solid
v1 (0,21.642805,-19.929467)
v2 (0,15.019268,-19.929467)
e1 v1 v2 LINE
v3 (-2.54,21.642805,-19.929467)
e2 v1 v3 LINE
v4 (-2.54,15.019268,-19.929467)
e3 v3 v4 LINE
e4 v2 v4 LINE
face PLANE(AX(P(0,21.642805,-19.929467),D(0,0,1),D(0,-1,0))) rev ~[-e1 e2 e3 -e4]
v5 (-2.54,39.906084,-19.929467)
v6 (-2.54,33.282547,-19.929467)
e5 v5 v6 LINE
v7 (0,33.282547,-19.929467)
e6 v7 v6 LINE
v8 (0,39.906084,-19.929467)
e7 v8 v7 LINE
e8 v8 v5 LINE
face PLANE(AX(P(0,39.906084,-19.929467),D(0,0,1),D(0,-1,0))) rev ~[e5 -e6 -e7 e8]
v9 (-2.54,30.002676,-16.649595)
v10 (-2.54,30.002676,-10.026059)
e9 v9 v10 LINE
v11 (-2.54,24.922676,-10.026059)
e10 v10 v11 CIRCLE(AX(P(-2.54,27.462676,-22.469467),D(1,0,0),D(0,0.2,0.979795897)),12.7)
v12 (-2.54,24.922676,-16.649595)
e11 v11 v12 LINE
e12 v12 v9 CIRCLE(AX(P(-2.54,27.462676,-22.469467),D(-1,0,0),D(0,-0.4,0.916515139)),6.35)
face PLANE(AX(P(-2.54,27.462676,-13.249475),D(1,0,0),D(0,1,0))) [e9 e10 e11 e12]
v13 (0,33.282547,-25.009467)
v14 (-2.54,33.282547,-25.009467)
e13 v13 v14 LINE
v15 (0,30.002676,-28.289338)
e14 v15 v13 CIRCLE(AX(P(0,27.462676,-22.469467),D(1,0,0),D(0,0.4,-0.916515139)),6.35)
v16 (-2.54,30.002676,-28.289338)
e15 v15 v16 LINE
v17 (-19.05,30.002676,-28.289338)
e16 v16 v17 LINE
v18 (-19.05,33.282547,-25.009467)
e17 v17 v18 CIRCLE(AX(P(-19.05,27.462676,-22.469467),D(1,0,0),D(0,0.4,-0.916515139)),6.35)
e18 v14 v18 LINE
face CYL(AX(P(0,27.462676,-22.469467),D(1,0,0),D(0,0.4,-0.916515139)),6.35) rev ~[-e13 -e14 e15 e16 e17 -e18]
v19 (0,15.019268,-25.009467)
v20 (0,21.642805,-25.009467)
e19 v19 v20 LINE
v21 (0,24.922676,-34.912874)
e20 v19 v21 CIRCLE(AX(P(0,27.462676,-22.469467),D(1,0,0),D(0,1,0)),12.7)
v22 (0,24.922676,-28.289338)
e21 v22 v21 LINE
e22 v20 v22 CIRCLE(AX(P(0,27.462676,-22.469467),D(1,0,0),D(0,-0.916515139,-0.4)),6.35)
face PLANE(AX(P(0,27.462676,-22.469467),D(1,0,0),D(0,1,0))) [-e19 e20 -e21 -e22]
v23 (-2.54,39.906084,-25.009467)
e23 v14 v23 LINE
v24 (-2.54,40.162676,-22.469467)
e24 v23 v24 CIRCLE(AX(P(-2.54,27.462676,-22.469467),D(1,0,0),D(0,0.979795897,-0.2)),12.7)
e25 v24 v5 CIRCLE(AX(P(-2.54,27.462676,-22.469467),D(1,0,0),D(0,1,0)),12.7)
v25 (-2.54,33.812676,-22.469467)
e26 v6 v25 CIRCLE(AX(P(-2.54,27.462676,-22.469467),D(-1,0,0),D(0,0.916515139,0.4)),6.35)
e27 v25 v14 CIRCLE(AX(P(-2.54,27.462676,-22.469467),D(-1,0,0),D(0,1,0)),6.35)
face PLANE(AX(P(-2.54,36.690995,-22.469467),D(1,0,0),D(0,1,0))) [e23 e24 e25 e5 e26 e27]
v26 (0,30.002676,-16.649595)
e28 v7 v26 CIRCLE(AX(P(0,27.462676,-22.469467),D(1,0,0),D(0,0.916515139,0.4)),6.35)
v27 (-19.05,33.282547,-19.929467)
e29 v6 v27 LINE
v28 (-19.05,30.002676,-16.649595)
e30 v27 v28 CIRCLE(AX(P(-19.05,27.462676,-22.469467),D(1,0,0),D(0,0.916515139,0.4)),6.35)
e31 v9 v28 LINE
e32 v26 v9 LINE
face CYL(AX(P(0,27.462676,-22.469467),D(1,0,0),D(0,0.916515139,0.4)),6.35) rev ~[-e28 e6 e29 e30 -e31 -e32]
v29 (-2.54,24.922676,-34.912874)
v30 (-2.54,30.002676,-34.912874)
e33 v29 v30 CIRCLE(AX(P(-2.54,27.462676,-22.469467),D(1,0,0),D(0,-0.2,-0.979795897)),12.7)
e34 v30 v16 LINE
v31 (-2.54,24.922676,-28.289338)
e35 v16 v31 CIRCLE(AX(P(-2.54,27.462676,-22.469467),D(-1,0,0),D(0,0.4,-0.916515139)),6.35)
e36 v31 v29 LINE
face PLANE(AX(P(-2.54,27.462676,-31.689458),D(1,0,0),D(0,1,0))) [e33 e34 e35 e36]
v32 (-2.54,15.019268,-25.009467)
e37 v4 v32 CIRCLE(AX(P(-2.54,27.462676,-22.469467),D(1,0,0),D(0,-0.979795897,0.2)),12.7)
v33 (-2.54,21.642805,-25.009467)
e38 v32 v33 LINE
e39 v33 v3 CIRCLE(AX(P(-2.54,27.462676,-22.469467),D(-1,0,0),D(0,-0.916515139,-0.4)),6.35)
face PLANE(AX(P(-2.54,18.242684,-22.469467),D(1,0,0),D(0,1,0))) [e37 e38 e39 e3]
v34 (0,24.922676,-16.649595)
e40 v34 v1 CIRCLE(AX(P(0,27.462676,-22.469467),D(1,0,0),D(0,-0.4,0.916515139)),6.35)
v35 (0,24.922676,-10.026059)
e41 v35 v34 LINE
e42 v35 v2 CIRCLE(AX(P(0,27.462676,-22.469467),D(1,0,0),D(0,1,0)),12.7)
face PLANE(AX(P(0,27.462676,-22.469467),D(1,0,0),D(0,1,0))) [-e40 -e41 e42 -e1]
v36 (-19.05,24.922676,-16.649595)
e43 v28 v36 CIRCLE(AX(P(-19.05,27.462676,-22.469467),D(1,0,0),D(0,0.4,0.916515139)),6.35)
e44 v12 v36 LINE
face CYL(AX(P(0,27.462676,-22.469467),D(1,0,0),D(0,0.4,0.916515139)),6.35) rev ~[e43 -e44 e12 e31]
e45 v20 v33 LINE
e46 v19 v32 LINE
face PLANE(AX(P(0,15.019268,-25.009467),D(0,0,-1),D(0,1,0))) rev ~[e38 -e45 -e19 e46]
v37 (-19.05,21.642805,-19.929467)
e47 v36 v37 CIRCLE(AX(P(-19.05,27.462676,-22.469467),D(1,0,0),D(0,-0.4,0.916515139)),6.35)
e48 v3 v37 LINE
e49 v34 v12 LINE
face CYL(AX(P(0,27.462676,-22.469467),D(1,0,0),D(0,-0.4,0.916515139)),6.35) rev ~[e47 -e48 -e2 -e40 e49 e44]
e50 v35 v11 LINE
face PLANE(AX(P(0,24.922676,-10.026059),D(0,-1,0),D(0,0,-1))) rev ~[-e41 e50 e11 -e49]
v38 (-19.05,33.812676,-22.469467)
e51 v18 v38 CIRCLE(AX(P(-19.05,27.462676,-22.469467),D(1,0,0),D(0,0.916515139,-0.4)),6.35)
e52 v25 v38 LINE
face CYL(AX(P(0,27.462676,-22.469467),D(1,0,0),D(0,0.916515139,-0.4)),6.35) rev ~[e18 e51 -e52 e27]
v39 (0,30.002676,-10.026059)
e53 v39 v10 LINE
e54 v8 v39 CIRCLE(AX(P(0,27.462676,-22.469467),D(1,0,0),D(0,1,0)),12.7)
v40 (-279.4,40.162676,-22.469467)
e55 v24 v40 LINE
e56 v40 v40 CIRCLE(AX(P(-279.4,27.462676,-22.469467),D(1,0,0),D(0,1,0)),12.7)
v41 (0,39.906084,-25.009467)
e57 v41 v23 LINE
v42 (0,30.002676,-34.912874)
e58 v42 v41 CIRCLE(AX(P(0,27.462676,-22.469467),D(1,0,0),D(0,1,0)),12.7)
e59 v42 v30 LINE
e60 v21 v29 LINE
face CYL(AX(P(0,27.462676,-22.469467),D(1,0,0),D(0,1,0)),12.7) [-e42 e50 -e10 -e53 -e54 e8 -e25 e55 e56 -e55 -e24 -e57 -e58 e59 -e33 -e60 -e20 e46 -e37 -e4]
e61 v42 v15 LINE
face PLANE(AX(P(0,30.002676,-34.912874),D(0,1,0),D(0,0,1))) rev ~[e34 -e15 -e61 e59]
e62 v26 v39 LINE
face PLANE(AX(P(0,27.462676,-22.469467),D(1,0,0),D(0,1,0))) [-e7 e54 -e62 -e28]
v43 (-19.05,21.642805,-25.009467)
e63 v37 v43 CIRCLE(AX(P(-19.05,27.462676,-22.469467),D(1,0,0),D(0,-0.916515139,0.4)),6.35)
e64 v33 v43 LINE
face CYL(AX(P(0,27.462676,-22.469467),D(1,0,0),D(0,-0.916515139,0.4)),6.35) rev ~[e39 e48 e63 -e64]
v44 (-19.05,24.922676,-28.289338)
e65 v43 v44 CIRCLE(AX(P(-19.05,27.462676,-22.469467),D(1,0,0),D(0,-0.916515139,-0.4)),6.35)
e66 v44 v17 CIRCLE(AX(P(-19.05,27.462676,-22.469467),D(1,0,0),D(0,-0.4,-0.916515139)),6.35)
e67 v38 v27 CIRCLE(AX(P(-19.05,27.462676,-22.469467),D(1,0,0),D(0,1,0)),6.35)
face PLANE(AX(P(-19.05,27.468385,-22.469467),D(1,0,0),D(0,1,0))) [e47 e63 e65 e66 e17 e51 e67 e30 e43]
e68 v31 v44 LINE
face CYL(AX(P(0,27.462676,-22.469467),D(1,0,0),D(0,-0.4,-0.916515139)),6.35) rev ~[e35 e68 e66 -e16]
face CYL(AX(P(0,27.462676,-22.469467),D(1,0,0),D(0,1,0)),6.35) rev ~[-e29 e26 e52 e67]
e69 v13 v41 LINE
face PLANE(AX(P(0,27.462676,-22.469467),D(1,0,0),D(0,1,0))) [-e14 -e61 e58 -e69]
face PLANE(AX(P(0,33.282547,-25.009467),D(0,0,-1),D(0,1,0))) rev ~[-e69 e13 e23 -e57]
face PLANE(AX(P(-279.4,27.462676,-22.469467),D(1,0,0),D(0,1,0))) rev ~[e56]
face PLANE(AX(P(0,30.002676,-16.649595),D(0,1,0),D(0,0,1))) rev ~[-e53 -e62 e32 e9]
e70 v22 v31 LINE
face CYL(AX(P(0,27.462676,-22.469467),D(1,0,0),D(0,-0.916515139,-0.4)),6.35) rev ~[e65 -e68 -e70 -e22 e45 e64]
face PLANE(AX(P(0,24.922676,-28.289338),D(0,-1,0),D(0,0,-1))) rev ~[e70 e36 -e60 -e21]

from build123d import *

# Parameters (mm, degrees)
F0_R     = 12.7
F1_DEPTH = 279.4
F3_DEPTH = 19.05
F4_DEPTH = 2.54


with BuildPart() as f1:
    # F0 (on Right) → F1 (new body)
    with BuildSketch(Plane.YZ):
        with Locations((27.4626761675, -22.4694665521)):
            Circle(F0_R)
    extrude(amount=-F1_DEPTH)

    # F2 (on face) → F3 (cut)
    with BuildSketch(Plane.YZ):
        with BuildLine():
            ThreePointArc((24.9226761675, -28.2893376847), (27.4626761675, -28.8194665521), (30.0026761675, -28.2893376847))
            ThreePointArc((30.0026761675, -28.2893376847), (31.952804228, -26.9595946127), (33.2825473001, -25.0094665521))
            ThreePointArc((33.2825473001, -25.0094665521), (33.6787312546, -23.7668327896), (33.8126761675, -22.4694665521))
            ThreePointArc((33.8126761675, -22.4694665521), (33.6787312546, -21.1721003147), (33.2825473001, -19.9294665521))
            ThreePointArc((33.2825473001, -19.9294665521), (31.952804228, -17.9793384916), (30.0026761675, -16.6495954195))
            ThreePointArc((30.0026761675, -16.6495954195), (27.4626761675, -16.1194665521), (24.9226761675, -16.6495954195))
            ThreePointArc((24.9226761675, -16.6495954195), (22.972548107, -17.9793384916), (21.6428050349, -19.9294665521))
            ThreePointArc((21.6428050349, -19.9294665521), (21.1126761675, -22.4694665521), (21.6428050349, -25.0094665521))
            ThreePointArc((21.6428050349, -25.0094665521), (22.972548107, -26.9595946127), (24.9226761675, -28.2893376847))
        make_face()
    extrude(amount=-F3_DEPTH, mode=Mode.SUBTRACT)

    # F2 (on face) → F4 (cut)
    with BuildSketch(Plane.YZ):
        with BuildLine():
            Line((15.0192682741, -25.0094665521), (21.6428050349, -25.0094665521))
            ThreePointArc((21.6428050349, -25.0094665521), (21.1126761675, -22.4694665521), (21.6428050349, -19.9294665521))
            Line((21.6428050349, -19.9294665521), (15.0192682741, -19.9294665521))
            ThreePointArc((15.0192682741, -19.9294665521), (14.7626761675, -22.4694665521), (15.0192682741, -25.0094665521))
        make_face()
        with BuildLine():
            Line((24.9226761675, -10.0260586588), (24.9226761675, -16.6495954195))
            ThreePointArc((24.9226761675, -16.6495954195), (27.4626761675, -16.1194665521), (30.0026761675, -16.6495954195))
            Line((30.0026761675, -16.6495954195), (30.0026761675, -10.0260586588))
            ThreePointArc((30.0026761675, -10.0260586588), (27.4626761675, -9.7694665521), (24.9226761675, -10.0260586588))
        make_face()
        with BuildLine():
            ThreePointArc((33.8126761675, -22.4694665521), (33.6787312546, -23.7668327896), (33.2825473001, -25.0094665521))
            Line((33.2825473001, -25.0094665521), (39.9060840608, -25.0094665521))
            ThreePointArc((39.9060840608, -25.0094665521), (40.0983653107, -23.7459303696), (40.1626761675, -22.4694665521))
            ThreePointArc((40.1626761675, -22.4694665521), (40.0983653107, -21.1930027347), (39.9060840608, -19.9294665521))
            Line((39.9060840608, -19.9294665521), (33.2825473001, -19.9294665521))
            ThreePointArc((33.2825473001, -19.9294665521), (33.6787312546, -21.1721003147), (33.8126761675, -22.4694665521))
        make_face()
        with BuildLine():
            Line((30.0026761675, -34.9128744455), (30.0026761675, -28.2893376847))
            ThreePointArc((30.0026761675, -28.2893376847), (27.4626761675, -28.8194665521), (24.9226761675, -28.2893376847))
            Line((24.9226761675, -28.2893376847), (24.9226761675, -34.9128744455))
            ThreePointArc((24.9226761675, -34.9128744455), (27.4626761675, -35.1694665521), (30.0026761675, -34.9128744455))
        make_face()
    extrude(amount=-F4_DEPTH, mode=Mode.SUBTRACT)


solid = f1.part
